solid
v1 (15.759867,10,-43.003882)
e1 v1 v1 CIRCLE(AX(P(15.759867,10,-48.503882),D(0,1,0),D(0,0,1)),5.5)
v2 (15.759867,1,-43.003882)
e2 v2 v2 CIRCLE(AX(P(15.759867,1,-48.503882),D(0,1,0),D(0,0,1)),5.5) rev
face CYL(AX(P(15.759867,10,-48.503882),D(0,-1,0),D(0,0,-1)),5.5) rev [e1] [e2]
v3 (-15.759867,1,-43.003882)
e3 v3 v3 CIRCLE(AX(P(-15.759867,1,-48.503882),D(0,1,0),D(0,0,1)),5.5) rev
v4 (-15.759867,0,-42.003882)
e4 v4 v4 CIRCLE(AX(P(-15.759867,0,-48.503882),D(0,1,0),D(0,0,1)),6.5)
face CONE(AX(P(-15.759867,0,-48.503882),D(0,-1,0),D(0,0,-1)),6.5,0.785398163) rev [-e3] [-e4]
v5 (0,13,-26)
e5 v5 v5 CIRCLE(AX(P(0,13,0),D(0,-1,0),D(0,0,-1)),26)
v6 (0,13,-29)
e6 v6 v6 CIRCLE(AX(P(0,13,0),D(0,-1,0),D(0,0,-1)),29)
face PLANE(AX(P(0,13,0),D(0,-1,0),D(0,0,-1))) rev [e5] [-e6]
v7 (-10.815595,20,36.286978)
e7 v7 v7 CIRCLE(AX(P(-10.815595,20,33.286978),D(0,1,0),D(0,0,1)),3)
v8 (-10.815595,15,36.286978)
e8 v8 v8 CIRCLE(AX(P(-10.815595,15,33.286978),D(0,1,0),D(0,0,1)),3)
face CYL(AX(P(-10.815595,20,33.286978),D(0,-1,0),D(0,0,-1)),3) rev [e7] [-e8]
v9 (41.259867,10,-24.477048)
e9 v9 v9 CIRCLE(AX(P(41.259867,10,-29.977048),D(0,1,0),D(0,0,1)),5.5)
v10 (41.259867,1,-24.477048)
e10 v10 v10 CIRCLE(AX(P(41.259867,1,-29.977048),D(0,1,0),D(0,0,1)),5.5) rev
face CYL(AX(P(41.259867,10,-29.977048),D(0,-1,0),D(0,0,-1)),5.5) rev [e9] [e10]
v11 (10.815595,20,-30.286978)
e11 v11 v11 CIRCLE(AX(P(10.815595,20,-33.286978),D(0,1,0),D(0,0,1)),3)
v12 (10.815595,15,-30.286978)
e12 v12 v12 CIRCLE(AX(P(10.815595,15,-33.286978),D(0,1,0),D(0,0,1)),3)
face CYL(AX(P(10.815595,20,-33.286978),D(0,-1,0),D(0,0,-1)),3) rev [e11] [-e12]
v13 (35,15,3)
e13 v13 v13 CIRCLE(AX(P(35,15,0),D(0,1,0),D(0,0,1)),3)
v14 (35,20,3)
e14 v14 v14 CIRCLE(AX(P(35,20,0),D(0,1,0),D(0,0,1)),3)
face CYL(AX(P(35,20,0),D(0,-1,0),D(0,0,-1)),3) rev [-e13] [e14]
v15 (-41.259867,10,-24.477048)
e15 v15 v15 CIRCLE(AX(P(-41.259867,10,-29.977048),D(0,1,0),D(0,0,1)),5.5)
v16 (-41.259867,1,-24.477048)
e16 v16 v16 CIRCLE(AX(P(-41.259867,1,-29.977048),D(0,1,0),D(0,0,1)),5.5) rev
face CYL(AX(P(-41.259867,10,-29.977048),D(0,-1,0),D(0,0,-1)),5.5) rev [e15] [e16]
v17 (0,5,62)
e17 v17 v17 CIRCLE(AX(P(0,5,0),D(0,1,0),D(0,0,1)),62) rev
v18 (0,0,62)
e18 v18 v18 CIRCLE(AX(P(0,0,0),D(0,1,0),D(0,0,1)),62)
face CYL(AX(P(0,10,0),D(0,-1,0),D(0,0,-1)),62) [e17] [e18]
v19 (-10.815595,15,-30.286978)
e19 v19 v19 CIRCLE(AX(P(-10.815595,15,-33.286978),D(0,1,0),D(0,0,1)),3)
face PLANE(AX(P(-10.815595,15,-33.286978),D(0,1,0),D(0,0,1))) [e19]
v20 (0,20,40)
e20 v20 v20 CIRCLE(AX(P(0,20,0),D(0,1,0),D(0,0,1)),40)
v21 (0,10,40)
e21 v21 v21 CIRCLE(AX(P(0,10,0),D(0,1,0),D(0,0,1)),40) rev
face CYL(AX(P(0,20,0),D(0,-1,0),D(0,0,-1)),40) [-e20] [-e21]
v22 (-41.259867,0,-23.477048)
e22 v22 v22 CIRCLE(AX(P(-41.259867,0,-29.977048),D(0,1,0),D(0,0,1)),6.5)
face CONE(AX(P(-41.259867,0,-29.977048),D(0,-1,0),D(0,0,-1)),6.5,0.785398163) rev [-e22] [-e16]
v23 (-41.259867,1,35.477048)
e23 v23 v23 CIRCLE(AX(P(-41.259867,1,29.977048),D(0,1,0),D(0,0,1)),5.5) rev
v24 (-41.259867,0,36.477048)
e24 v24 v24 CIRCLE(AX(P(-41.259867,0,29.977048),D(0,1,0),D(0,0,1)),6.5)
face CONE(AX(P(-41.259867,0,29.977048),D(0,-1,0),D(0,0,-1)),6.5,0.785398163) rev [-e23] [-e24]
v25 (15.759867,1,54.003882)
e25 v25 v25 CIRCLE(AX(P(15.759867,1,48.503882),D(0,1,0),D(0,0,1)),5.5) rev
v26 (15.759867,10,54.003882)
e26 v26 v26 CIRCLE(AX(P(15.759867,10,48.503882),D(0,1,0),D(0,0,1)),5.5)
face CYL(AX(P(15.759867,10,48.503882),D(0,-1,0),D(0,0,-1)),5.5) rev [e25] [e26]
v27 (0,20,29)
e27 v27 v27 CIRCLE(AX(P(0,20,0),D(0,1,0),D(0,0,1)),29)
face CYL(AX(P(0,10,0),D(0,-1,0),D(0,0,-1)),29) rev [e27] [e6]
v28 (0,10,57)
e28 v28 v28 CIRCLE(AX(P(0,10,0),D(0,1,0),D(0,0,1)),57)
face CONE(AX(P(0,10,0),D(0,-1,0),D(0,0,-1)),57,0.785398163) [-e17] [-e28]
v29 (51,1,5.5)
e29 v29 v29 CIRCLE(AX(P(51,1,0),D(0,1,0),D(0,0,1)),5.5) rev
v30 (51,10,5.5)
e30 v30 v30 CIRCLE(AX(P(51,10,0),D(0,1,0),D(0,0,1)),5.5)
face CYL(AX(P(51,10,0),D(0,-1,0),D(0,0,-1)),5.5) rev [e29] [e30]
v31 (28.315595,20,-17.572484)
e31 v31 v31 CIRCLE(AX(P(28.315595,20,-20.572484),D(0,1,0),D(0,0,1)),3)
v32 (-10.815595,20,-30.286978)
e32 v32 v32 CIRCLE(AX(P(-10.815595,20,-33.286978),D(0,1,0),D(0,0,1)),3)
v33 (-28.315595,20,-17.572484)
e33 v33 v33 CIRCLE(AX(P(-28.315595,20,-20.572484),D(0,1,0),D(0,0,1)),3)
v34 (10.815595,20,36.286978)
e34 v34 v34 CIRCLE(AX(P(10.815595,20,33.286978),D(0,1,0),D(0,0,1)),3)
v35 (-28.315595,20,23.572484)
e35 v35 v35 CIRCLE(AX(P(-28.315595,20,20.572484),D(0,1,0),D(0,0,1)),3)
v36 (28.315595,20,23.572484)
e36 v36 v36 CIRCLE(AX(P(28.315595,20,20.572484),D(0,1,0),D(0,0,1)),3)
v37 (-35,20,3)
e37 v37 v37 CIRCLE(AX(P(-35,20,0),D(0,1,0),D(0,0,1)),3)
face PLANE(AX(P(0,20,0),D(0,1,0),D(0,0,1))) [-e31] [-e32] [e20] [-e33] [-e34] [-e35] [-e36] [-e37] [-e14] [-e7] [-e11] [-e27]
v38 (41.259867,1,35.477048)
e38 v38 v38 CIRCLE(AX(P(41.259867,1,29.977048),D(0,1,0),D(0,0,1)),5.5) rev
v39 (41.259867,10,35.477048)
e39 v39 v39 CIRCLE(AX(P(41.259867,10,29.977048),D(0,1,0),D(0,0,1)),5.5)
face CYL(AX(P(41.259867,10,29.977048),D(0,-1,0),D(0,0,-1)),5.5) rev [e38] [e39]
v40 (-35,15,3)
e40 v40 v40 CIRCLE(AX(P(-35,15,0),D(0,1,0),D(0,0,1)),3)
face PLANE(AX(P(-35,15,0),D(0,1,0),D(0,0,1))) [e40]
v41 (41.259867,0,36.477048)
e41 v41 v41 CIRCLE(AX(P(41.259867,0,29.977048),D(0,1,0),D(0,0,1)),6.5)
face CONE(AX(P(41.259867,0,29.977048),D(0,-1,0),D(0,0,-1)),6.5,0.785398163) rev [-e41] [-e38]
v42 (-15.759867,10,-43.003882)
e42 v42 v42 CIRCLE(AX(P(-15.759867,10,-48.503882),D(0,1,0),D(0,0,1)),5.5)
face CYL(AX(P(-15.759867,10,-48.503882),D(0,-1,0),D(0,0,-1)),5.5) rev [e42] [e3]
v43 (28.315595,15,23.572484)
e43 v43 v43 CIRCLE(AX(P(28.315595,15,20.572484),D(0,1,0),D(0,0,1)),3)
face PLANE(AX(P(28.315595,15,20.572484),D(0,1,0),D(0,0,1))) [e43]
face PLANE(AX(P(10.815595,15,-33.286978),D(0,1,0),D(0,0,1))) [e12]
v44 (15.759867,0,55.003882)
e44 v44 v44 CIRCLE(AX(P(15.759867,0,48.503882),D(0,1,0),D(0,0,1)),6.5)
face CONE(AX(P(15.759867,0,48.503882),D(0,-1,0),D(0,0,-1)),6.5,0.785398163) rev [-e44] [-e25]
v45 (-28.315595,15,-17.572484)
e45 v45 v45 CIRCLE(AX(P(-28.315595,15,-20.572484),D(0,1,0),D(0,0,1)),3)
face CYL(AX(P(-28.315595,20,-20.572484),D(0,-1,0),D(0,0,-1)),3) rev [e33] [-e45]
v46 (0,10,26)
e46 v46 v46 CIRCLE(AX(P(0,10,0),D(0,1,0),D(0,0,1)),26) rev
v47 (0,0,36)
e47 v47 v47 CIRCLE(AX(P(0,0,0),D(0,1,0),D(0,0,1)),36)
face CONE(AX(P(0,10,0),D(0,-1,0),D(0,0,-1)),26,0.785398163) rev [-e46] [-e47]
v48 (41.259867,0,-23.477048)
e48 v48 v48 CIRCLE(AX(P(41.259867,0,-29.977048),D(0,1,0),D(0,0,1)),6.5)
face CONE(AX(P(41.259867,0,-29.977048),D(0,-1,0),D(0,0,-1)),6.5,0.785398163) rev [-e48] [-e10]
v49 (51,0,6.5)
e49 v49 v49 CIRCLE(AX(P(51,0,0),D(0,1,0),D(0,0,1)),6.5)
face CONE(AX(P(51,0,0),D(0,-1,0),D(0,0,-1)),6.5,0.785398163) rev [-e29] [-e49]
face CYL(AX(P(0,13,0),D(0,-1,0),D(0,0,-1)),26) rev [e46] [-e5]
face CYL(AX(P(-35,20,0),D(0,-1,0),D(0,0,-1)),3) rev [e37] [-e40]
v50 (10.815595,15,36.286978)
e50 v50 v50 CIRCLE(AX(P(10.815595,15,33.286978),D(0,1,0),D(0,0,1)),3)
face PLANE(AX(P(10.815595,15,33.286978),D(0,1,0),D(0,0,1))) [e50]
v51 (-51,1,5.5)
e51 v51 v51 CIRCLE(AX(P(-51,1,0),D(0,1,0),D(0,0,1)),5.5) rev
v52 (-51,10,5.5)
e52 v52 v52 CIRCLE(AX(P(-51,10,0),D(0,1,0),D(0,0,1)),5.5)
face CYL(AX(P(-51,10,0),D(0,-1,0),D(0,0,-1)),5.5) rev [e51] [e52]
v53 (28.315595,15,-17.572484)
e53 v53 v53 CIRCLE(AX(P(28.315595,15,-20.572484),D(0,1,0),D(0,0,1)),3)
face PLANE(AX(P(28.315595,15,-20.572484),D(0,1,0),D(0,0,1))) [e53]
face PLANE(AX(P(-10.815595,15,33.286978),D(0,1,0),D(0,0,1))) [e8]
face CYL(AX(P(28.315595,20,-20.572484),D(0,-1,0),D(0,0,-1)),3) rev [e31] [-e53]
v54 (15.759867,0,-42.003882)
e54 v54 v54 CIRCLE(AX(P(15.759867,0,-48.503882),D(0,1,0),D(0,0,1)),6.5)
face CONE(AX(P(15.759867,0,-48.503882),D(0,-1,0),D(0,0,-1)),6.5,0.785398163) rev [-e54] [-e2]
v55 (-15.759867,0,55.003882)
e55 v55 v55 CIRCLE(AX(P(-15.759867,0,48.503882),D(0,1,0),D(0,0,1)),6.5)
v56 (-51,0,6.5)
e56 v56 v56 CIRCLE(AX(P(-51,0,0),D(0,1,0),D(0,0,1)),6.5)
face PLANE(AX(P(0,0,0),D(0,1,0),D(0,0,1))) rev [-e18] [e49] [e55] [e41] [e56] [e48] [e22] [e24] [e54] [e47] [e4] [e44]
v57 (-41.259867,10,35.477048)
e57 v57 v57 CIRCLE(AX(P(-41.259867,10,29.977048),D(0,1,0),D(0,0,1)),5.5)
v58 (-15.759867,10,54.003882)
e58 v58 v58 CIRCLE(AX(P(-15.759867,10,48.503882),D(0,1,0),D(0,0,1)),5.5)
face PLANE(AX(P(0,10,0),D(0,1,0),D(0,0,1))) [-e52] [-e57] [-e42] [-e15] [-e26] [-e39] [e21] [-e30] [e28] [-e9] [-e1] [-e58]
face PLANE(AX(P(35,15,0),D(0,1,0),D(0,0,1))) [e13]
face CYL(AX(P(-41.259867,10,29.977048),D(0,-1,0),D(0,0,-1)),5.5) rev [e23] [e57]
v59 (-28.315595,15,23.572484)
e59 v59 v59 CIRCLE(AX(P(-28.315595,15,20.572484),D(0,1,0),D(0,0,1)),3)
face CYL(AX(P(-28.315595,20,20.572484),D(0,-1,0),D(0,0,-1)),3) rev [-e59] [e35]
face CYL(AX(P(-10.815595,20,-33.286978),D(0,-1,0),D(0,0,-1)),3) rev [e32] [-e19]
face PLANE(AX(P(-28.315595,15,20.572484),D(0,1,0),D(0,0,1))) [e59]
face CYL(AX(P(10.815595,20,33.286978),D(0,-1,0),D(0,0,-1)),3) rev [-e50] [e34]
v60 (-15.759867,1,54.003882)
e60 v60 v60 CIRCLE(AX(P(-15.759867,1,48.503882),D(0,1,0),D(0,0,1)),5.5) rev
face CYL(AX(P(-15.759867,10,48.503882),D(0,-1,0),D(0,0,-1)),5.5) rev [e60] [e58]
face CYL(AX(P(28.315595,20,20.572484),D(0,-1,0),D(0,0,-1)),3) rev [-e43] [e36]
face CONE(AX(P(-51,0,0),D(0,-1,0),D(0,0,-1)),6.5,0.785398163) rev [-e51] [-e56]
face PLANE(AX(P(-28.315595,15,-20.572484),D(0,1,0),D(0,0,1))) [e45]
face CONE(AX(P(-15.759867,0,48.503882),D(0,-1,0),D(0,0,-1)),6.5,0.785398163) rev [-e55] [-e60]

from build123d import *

# Parameters (mm, degrees)
SKETCH1_R           = 62
SKETCH1_R_2         = 5.5
SKETCH1_R_3         = 29
BOSS_EXTRUDE1_DEPTH = 10
SKETCH2_R           = 40
SKETCH2_R_2         = 29
SKETCH2_R_3         = 3
BOSS_EXTRUDE2_DEPTH = 20
BOSS_EXTRUDE3_START = -5
SKETCH3_R           = 3
BOSS_EXTRUDE3_DEPTH = 5
CHAMFER2_SIZE       = 5
CHAMFER3_SIZE       = 1
SKETCH6_R           = 29
SKETCH6_R_2         = 26
BOSS_EXTRUDE4_DEPTH = 13
CHAMFER4_SIZE       = 10


with BuildPart() as part:
    # Sketch1 → Boss-Extrude1 (new body)
    with BuildSketch(Plane(origin=(0, 0, 0), x_dir=(1, 0, 0), z_dir=(0, 1, 0))):
        Circle(SKETCH1_R)
        with Locations((51, 0)):
            Circle(SKETCH1_R_2, mode=Mode.SUBTRACT)
        with Locations((41.259866713, -29.977047867)):
            Circle(SKETCH1_R_2, mode=Mode.SUBTRACT)
        with Locations((15.759866713, -48.503882331)):
            Circle(SKETCH1_R_2, mode=Mode.SUBTRACT)
        with Locations((-15.759866713, -48.503882331)):
            Circle(SKETCH1_R_2, mode=Mode.SUBTRACT)
        with Locations((-41.259866713, -29.977047867)):
            Circle(SKETCH1_R_2, mode=Mode.SUBTRACT)
        with Locations((-51, 0)):
            Circle(SKETCH1_R_2, mode=Mode.SUBTRACT)
        with Locations((-41.259866713, 29.977047867)):
            Circle(SKETCH1_R_2, mode=Mode.SUBTRACT)
        with Locations((-15.759866713, 48.503882331)):
            Circle(SKETCH1_R_2, mode=Mode.SUBTRACT)
        with Locations((15.759866713, 48.503882331)):
            Circle(SKETCH1_R_2, mode=Mode.SUBTRACT)
        with Locations((41.259866713, 29.977047867)):
            Circle(SKETCH1_R_2, mode=Mode.SUBTRACT)
        Circle(SKETCH1_R_3, mode=Mode.SUBTRACT)
    extrude(amount=BOSS_EXTRUDE1_DEPTH)

    # Sketch2 → Boss-Extrude2 (add)
    with BuildSketch(Plane(origin=(0, 0, 0), x_dir=(1, 0, 0), z_dir=(0, 1, 0))):
        Circle(SKETCH2_R)
        Circle(SKETCH2_R_2, mode=Mode.SUBTRACT)
        with Locations((35, 0)):
            Circle(SKETCH2_R_3, mode=Mode.SUBTRACT)
        with Locations((28.315594803, -20.57248383)):
            Circle(SKETCH2_R_3, mode=Mode.SUBTRACT)
        with Locations((10.815594803, -33.28697807)):
            Circle(SKETCH2_R_3, mode=Mode.SUBTRACT)
        with Locations((-10.815594803, -33.28697807)):
            Circle(SKETCH2_R_3, mode=Mode.SUBTRACT)
        with Locations((-28.315594803, -20.57248383)):
            Circle(SKETCH2_R_3, mode=Mode.SUBTRACT)
        with Locations((-35, 0)):
            Circle(SKETCH2_R_3, mode=Mode.SUBTRACT)
        with Locations((-28.315594803, 20.57248383)):
            Circle(SKETCH2_R_3, mode=Mode.SUBTRACT)
        with Locations((-10.815594803, 33.28697807)):
            Circle(SKETCH2_R_3, mode=Mode.SUBTRACT)
        with Locations((10.815594803, 33.28697807)):
            Circle(SKETCH2_R_3, mode=Mode.SUBTRACT)
        with Locations((28.315594803, 20.57248383)):
            Circle(SKETCH2_R_3, mode=Mode.SUBTRACT)
    extrude(amount=BOSS_EXTRUDE2_DEPTH)

    # Sketch3 → Boss-Extrude3 (add)
    with BuildSketch(Plane(origin=(0, 20, 0), x_dir=(1, 0, 0), z_dir=(0, 1, 0)).offset(BOSS_EXTRUDE3_START)):
        with Locations((-28.315594803, -20.57248383)):
            Circle(SKETCH3_R)
        with Locations((-35, 0)):
            Circle(SKETCH3_R)
        with Locations((-28.315594803, 20.57248383)):
            Circle(SKETCH3_R)
        with Locations((-10.815594803, 33.28697807)):
            Circle(SKETCH3_R)
        with Locations((10.815594803, 33.28697807)):
            Circle(SKETCH3_R)
        with Locations((28.315594803, 20.57248383)):
            Circle(SKETCH3_R)
        with Locations((35, 0)):
            Circle(SKETCH3_R)
        with Locations((28.315594803, -20.57248383)):
            Circle(SKETCH3_R)
        with Locations((10.815594803, -33.28697807)):
            Circle(SKETCH3_R)
        with Locations((-10.815594803, -33.28697807)):
            Circle(SKETCH3_R)
    extrude(amount=-BOSS_EXTRUDE3_DEPTH)

    # Chamfer2
    chamfer2_edges = [part.edges().sort_by_distance(p)[0] for p in [
        (-62, 10, 0),
    ]]
    chamfer(chamfer2_edges, length=CHAMFER2_SIZE)

    # Chamfer3
    chamfer3_edges = [part.edges().sort_by_distance(p)[0] for p in [
        (10.259866713, 0, -48.503882331),
        (-21.259866713, 0, -48.503882331),
        (-46.759866713, 0, -29.977047867),
        (-56.5, 0, 0),
        (-46.759866713, 0, 29.977047867),
        (-21.259866713, 0, 48.503882331),
        (10.259866713, 0, 48.503882331),
        (35.759866713, 0, 29.977047867),
        (45.5, 0, 0),
        (35.759866713, 0, -29.977047867),
    ]]
    chamfer(chamfer3_edges, length=CHAMFER3_SIZE)

    # Sketch6 → Boss-Extrude4 (add)
    with BuildSketch(Plane.XZ):
        Circle(SKETCH6_R)
        Circle(SKETCH6_R_2, mode=Mode.SUBTRACT)
    extrude(amount=-BOSS_EXTRUDE4_DEPTH)

    # Chamfer4
    chamfer4_edges = [part.edges().sort_by_distance(p)[0] for p in [
        (-26, 0, 0),
    ]]
    chamfer(chamfer4_edges, length=CHAMFER4_SIZE)


solid = part.part
